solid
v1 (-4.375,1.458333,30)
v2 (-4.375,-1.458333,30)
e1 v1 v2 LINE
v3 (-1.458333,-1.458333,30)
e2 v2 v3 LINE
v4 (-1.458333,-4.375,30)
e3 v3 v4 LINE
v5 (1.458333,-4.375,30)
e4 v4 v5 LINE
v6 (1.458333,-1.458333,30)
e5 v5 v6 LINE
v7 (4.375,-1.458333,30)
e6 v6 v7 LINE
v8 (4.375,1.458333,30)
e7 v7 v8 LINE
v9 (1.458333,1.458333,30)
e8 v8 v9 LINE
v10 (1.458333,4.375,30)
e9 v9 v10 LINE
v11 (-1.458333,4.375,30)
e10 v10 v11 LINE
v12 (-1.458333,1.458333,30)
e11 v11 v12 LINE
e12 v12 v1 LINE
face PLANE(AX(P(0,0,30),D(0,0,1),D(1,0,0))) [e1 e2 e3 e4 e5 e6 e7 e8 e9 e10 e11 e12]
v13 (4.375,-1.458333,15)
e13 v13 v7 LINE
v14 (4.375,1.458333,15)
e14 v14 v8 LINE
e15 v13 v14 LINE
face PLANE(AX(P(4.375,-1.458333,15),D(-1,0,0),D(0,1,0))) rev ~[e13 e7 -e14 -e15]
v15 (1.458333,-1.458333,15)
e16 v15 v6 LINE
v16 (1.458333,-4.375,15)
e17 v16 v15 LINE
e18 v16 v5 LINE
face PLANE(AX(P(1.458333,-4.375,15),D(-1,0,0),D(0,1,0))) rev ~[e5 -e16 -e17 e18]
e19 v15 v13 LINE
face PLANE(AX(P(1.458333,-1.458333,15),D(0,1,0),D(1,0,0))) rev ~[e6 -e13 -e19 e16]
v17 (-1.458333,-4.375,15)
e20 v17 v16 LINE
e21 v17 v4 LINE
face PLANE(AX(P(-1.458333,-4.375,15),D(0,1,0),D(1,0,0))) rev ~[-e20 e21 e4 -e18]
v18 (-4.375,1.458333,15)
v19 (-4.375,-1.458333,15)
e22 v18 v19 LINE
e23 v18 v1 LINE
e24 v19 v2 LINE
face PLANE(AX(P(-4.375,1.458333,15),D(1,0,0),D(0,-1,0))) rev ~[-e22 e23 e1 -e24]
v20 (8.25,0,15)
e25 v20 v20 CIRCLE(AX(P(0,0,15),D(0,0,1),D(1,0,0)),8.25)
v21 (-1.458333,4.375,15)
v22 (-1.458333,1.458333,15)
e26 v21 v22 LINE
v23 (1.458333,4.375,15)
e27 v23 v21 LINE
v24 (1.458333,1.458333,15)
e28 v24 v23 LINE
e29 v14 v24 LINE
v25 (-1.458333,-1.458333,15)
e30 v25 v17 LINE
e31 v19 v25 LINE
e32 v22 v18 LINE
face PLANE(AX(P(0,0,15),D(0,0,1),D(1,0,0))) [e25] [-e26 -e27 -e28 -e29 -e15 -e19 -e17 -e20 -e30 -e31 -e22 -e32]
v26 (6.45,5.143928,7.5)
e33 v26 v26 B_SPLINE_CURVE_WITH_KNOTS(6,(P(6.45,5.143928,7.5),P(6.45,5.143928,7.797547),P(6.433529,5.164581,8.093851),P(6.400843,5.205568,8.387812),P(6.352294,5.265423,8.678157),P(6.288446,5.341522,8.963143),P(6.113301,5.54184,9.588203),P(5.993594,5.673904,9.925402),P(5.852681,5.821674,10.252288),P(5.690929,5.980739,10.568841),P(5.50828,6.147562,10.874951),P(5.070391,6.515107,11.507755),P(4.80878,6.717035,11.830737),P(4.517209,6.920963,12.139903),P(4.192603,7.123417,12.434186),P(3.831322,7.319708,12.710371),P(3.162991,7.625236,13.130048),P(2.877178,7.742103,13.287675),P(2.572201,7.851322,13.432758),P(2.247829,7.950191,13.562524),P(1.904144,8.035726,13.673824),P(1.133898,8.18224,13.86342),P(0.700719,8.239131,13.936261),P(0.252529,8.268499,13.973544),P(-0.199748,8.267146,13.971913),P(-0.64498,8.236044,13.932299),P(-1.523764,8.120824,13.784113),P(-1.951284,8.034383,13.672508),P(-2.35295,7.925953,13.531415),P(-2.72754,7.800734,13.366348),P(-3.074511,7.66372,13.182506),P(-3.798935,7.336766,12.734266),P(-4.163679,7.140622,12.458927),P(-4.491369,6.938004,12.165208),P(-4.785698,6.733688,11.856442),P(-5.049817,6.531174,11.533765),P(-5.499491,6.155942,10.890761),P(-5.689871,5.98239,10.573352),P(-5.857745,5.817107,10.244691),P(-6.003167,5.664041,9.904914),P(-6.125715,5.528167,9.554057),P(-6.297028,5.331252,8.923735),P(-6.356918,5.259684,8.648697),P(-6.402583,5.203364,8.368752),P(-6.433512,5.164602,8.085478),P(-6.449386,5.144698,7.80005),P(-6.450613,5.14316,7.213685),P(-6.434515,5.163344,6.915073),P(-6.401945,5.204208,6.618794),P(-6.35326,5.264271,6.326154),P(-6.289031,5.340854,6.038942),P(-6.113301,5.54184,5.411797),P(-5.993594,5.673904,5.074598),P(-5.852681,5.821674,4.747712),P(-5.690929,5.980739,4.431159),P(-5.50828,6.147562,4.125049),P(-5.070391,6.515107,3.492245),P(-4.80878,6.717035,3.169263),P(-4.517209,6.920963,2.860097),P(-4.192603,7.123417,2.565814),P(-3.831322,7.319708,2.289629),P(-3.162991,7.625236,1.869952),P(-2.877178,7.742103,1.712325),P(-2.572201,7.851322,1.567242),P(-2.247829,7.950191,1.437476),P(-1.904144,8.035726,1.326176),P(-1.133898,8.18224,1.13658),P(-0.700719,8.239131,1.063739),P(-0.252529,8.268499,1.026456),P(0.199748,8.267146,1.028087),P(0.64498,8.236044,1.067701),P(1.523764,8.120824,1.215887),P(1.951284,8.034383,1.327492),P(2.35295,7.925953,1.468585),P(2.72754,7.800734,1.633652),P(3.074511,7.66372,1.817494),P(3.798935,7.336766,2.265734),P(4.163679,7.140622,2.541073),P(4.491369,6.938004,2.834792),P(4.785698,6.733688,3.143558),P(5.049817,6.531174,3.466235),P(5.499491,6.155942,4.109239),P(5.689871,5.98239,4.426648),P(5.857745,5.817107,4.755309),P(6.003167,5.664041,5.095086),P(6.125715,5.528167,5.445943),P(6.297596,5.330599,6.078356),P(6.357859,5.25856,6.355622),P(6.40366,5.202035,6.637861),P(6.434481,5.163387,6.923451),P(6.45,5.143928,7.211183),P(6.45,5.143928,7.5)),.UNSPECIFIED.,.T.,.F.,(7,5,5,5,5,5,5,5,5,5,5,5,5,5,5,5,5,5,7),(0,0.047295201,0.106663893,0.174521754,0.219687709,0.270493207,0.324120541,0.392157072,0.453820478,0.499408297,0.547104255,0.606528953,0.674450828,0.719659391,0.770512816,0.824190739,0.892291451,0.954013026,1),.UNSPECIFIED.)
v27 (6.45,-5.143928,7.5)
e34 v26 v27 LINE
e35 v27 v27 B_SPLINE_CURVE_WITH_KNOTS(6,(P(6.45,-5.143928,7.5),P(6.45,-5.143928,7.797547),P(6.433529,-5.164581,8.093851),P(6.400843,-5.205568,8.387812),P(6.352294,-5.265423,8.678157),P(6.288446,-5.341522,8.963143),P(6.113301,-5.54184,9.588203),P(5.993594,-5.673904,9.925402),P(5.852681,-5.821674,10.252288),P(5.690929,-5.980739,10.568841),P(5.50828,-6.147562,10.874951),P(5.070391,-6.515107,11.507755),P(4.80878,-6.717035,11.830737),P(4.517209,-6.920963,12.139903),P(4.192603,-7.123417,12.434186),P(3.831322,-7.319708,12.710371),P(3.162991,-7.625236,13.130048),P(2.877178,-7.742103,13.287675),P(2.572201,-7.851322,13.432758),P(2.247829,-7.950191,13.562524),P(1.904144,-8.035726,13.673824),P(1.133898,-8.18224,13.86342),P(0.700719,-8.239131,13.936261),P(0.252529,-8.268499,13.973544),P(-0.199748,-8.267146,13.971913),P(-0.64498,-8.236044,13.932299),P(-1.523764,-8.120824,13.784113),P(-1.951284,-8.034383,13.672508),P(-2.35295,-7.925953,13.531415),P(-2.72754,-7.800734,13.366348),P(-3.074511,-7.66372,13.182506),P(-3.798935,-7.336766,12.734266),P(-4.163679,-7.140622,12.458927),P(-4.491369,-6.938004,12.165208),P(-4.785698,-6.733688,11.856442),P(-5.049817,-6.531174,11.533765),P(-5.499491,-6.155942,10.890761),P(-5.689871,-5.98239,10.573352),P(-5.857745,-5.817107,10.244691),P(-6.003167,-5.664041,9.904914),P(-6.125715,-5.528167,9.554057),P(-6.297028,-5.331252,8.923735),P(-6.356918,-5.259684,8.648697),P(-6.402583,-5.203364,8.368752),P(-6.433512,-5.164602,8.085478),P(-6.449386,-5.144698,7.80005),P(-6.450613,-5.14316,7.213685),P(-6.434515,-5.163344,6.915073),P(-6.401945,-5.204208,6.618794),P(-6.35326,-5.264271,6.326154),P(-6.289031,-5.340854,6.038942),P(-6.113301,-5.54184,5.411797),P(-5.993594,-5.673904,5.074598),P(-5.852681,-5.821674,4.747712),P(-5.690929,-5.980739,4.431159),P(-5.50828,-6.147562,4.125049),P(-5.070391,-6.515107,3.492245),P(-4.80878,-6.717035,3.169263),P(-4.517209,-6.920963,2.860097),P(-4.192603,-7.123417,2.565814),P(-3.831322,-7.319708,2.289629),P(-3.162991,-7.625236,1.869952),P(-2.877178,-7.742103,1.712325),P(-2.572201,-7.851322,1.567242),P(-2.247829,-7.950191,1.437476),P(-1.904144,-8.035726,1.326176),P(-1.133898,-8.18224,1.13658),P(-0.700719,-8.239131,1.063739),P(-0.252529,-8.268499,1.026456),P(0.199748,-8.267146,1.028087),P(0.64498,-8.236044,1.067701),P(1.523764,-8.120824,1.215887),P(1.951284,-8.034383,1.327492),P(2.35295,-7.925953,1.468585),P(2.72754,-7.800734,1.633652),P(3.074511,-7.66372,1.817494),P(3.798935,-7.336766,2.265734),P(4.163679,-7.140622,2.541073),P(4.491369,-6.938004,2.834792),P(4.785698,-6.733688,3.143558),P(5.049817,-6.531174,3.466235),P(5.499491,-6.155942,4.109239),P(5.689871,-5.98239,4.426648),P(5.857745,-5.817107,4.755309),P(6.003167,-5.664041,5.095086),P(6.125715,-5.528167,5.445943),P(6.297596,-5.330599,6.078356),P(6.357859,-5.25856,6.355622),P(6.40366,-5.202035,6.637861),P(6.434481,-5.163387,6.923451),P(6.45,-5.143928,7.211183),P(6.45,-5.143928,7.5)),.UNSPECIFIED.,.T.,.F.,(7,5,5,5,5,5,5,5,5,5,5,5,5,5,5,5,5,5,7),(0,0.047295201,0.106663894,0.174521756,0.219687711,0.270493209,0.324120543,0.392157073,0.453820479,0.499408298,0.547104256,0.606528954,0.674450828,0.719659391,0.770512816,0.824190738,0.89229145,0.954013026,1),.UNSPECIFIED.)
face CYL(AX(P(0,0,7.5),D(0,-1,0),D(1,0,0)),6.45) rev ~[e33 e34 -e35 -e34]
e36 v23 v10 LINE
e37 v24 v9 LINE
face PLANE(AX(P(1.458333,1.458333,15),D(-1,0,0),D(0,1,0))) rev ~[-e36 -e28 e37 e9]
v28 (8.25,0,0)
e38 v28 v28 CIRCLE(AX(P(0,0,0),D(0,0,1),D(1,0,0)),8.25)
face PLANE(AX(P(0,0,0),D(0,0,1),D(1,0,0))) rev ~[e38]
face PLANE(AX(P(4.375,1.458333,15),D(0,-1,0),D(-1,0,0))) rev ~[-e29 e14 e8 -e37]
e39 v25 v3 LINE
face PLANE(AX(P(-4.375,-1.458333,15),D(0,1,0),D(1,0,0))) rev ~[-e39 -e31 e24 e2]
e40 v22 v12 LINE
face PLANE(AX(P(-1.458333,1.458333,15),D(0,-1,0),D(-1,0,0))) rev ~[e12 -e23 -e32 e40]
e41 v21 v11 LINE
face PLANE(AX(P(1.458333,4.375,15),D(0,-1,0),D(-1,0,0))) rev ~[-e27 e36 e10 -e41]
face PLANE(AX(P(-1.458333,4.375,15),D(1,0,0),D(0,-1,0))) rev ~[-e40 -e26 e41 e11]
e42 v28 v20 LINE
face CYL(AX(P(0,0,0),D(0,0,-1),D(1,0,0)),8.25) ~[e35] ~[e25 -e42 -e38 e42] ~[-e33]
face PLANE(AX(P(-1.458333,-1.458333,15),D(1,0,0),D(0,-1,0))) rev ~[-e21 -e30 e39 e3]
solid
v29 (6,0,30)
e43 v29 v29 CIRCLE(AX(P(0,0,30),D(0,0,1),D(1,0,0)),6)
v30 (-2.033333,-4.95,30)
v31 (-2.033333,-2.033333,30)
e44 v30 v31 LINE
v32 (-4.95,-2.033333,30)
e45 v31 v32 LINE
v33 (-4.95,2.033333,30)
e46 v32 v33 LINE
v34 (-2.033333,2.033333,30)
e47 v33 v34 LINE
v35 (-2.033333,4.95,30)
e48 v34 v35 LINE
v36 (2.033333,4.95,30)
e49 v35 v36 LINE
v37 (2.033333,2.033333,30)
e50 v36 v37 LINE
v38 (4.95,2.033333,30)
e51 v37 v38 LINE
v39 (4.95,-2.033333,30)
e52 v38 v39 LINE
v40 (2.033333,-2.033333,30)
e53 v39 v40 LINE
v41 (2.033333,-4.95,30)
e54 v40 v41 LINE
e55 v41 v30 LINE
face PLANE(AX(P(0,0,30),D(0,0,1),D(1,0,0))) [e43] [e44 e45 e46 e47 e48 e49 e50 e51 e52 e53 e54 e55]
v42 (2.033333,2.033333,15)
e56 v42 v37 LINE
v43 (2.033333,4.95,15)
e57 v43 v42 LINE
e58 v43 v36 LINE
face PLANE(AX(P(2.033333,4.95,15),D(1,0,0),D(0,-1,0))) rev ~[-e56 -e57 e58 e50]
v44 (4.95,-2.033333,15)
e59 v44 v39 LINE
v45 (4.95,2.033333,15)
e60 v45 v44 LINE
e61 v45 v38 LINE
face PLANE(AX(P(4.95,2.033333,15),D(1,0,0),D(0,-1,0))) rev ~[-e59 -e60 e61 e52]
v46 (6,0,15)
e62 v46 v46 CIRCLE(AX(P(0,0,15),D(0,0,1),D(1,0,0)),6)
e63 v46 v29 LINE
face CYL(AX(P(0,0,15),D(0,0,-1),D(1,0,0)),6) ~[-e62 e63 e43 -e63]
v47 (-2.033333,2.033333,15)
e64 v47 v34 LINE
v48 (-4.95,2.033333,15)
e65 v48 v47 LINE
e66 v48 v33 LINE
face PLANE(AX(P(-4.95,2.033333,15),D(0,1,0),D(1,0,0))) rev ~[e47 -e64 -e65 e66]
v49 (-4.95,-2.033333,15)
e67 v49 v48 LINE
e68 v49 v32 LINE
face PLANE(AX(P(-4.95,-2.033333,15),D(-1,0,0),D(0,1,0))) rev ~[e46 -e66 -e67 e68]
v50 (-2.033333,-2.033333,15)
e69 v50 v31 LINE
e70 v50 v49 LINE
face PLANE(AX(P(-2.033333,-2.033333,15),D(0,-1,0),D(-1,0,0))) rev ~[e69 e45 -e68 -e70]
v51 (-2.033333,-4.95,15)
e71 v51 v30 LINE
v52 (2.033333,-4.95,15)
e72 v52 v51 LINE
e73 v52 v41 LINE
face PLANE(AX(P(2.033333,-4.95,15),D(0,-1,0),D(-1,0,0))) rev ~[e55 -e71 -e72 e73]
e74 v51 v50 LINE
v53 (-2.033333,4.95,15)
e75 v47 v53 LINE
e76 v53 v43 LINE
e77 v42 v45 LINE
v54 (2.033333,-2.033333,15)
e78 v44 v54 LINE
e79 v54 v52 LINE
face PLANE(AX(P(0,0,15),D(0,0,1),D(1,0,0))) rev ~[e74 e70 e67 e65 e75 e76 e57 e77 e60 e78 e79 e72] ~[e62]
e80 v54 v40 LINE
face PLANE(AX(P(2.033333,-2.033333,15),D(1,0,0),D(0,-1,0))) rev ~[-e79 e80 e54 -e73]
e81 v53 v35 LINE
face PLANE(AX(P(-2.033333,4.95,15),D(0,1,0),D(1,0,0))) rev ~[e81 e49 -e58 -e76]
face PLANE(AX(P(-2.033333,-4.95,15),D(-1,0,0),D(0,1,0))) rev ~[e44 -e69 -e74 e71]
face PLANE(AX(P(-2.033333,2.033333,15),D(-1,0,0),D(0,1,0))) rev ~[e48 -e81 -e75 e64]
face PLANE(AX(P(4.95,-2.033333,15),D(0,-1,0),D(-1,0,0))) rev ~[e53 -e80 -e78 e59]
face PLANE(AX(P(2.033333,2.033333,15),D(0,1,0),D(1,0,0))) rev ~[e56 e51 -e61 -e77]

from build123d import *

# Parameters (mm, degrees)
F0_R     = 8.25
F1_DEPTH = 15
F3_DEPTH = 15
F4_R     = 6
F5_DEPTH = 15
F6_R     = 6.45
F7_DEPTH = 12.5


with BuildPart() as f1:
    # F0 (on Top) → F1 (new body)
    with BuildSketch(Plane.XY):
        Circle(F0_R)
    extrude(amount=F1_DEPTH)

    # F2 (on face) → F3 (join)
    with BuildSketch(Plane.XY.offset(15)):
        Polygon((1.458333, 4.375), (-1.458333, 4.375), (-1.458333, 1.458333), (-4.375, 1.458333), (-4.375, -1.458333), (-1.458333, -1.458333), (-1.458333, -4.375), (1.458333, -4.375), (1.458333, -1.458333), (4.375, -1.458333), (4.375, 1.458333), (1.458333, 1.458333), align=None)
    extrude(amount=F3_DEPTH)

    # F6 (on Front) → F7 (cut, symmetric)
    with BuildSketch(Plane.XZ):
        with Locations((0, 7.5)):
            Circle(F6_R)
    extrude(amount=F7_DEPTH, both=True, mode=Mode.SUBTRACT)


with BuildPart() as f5:
    # F4 (on face) → F5 (new body, through all)
    with BuildSketch(Plane.XY.offset(15)):
        Circle(F4_R)
        Polygon((-2.033333, 2.033333), (-2.033333, 4.95), (2.033333, 4.95), (2.033333, 2.033333), (4.95, 2.033333), (4.95, -2.033333), (2.033333, -2.033333), (2.033333, -4.95), (-2.033333, -4.95), (-2.033333, -2.033333), (-4.95, -2.033333), (-4.95, 2.033333), align=None, mode=Mode.SUBTRACT)
    extrude(amount=F5_DEPTH)


solid = Compound([f1.part, f5.part])
